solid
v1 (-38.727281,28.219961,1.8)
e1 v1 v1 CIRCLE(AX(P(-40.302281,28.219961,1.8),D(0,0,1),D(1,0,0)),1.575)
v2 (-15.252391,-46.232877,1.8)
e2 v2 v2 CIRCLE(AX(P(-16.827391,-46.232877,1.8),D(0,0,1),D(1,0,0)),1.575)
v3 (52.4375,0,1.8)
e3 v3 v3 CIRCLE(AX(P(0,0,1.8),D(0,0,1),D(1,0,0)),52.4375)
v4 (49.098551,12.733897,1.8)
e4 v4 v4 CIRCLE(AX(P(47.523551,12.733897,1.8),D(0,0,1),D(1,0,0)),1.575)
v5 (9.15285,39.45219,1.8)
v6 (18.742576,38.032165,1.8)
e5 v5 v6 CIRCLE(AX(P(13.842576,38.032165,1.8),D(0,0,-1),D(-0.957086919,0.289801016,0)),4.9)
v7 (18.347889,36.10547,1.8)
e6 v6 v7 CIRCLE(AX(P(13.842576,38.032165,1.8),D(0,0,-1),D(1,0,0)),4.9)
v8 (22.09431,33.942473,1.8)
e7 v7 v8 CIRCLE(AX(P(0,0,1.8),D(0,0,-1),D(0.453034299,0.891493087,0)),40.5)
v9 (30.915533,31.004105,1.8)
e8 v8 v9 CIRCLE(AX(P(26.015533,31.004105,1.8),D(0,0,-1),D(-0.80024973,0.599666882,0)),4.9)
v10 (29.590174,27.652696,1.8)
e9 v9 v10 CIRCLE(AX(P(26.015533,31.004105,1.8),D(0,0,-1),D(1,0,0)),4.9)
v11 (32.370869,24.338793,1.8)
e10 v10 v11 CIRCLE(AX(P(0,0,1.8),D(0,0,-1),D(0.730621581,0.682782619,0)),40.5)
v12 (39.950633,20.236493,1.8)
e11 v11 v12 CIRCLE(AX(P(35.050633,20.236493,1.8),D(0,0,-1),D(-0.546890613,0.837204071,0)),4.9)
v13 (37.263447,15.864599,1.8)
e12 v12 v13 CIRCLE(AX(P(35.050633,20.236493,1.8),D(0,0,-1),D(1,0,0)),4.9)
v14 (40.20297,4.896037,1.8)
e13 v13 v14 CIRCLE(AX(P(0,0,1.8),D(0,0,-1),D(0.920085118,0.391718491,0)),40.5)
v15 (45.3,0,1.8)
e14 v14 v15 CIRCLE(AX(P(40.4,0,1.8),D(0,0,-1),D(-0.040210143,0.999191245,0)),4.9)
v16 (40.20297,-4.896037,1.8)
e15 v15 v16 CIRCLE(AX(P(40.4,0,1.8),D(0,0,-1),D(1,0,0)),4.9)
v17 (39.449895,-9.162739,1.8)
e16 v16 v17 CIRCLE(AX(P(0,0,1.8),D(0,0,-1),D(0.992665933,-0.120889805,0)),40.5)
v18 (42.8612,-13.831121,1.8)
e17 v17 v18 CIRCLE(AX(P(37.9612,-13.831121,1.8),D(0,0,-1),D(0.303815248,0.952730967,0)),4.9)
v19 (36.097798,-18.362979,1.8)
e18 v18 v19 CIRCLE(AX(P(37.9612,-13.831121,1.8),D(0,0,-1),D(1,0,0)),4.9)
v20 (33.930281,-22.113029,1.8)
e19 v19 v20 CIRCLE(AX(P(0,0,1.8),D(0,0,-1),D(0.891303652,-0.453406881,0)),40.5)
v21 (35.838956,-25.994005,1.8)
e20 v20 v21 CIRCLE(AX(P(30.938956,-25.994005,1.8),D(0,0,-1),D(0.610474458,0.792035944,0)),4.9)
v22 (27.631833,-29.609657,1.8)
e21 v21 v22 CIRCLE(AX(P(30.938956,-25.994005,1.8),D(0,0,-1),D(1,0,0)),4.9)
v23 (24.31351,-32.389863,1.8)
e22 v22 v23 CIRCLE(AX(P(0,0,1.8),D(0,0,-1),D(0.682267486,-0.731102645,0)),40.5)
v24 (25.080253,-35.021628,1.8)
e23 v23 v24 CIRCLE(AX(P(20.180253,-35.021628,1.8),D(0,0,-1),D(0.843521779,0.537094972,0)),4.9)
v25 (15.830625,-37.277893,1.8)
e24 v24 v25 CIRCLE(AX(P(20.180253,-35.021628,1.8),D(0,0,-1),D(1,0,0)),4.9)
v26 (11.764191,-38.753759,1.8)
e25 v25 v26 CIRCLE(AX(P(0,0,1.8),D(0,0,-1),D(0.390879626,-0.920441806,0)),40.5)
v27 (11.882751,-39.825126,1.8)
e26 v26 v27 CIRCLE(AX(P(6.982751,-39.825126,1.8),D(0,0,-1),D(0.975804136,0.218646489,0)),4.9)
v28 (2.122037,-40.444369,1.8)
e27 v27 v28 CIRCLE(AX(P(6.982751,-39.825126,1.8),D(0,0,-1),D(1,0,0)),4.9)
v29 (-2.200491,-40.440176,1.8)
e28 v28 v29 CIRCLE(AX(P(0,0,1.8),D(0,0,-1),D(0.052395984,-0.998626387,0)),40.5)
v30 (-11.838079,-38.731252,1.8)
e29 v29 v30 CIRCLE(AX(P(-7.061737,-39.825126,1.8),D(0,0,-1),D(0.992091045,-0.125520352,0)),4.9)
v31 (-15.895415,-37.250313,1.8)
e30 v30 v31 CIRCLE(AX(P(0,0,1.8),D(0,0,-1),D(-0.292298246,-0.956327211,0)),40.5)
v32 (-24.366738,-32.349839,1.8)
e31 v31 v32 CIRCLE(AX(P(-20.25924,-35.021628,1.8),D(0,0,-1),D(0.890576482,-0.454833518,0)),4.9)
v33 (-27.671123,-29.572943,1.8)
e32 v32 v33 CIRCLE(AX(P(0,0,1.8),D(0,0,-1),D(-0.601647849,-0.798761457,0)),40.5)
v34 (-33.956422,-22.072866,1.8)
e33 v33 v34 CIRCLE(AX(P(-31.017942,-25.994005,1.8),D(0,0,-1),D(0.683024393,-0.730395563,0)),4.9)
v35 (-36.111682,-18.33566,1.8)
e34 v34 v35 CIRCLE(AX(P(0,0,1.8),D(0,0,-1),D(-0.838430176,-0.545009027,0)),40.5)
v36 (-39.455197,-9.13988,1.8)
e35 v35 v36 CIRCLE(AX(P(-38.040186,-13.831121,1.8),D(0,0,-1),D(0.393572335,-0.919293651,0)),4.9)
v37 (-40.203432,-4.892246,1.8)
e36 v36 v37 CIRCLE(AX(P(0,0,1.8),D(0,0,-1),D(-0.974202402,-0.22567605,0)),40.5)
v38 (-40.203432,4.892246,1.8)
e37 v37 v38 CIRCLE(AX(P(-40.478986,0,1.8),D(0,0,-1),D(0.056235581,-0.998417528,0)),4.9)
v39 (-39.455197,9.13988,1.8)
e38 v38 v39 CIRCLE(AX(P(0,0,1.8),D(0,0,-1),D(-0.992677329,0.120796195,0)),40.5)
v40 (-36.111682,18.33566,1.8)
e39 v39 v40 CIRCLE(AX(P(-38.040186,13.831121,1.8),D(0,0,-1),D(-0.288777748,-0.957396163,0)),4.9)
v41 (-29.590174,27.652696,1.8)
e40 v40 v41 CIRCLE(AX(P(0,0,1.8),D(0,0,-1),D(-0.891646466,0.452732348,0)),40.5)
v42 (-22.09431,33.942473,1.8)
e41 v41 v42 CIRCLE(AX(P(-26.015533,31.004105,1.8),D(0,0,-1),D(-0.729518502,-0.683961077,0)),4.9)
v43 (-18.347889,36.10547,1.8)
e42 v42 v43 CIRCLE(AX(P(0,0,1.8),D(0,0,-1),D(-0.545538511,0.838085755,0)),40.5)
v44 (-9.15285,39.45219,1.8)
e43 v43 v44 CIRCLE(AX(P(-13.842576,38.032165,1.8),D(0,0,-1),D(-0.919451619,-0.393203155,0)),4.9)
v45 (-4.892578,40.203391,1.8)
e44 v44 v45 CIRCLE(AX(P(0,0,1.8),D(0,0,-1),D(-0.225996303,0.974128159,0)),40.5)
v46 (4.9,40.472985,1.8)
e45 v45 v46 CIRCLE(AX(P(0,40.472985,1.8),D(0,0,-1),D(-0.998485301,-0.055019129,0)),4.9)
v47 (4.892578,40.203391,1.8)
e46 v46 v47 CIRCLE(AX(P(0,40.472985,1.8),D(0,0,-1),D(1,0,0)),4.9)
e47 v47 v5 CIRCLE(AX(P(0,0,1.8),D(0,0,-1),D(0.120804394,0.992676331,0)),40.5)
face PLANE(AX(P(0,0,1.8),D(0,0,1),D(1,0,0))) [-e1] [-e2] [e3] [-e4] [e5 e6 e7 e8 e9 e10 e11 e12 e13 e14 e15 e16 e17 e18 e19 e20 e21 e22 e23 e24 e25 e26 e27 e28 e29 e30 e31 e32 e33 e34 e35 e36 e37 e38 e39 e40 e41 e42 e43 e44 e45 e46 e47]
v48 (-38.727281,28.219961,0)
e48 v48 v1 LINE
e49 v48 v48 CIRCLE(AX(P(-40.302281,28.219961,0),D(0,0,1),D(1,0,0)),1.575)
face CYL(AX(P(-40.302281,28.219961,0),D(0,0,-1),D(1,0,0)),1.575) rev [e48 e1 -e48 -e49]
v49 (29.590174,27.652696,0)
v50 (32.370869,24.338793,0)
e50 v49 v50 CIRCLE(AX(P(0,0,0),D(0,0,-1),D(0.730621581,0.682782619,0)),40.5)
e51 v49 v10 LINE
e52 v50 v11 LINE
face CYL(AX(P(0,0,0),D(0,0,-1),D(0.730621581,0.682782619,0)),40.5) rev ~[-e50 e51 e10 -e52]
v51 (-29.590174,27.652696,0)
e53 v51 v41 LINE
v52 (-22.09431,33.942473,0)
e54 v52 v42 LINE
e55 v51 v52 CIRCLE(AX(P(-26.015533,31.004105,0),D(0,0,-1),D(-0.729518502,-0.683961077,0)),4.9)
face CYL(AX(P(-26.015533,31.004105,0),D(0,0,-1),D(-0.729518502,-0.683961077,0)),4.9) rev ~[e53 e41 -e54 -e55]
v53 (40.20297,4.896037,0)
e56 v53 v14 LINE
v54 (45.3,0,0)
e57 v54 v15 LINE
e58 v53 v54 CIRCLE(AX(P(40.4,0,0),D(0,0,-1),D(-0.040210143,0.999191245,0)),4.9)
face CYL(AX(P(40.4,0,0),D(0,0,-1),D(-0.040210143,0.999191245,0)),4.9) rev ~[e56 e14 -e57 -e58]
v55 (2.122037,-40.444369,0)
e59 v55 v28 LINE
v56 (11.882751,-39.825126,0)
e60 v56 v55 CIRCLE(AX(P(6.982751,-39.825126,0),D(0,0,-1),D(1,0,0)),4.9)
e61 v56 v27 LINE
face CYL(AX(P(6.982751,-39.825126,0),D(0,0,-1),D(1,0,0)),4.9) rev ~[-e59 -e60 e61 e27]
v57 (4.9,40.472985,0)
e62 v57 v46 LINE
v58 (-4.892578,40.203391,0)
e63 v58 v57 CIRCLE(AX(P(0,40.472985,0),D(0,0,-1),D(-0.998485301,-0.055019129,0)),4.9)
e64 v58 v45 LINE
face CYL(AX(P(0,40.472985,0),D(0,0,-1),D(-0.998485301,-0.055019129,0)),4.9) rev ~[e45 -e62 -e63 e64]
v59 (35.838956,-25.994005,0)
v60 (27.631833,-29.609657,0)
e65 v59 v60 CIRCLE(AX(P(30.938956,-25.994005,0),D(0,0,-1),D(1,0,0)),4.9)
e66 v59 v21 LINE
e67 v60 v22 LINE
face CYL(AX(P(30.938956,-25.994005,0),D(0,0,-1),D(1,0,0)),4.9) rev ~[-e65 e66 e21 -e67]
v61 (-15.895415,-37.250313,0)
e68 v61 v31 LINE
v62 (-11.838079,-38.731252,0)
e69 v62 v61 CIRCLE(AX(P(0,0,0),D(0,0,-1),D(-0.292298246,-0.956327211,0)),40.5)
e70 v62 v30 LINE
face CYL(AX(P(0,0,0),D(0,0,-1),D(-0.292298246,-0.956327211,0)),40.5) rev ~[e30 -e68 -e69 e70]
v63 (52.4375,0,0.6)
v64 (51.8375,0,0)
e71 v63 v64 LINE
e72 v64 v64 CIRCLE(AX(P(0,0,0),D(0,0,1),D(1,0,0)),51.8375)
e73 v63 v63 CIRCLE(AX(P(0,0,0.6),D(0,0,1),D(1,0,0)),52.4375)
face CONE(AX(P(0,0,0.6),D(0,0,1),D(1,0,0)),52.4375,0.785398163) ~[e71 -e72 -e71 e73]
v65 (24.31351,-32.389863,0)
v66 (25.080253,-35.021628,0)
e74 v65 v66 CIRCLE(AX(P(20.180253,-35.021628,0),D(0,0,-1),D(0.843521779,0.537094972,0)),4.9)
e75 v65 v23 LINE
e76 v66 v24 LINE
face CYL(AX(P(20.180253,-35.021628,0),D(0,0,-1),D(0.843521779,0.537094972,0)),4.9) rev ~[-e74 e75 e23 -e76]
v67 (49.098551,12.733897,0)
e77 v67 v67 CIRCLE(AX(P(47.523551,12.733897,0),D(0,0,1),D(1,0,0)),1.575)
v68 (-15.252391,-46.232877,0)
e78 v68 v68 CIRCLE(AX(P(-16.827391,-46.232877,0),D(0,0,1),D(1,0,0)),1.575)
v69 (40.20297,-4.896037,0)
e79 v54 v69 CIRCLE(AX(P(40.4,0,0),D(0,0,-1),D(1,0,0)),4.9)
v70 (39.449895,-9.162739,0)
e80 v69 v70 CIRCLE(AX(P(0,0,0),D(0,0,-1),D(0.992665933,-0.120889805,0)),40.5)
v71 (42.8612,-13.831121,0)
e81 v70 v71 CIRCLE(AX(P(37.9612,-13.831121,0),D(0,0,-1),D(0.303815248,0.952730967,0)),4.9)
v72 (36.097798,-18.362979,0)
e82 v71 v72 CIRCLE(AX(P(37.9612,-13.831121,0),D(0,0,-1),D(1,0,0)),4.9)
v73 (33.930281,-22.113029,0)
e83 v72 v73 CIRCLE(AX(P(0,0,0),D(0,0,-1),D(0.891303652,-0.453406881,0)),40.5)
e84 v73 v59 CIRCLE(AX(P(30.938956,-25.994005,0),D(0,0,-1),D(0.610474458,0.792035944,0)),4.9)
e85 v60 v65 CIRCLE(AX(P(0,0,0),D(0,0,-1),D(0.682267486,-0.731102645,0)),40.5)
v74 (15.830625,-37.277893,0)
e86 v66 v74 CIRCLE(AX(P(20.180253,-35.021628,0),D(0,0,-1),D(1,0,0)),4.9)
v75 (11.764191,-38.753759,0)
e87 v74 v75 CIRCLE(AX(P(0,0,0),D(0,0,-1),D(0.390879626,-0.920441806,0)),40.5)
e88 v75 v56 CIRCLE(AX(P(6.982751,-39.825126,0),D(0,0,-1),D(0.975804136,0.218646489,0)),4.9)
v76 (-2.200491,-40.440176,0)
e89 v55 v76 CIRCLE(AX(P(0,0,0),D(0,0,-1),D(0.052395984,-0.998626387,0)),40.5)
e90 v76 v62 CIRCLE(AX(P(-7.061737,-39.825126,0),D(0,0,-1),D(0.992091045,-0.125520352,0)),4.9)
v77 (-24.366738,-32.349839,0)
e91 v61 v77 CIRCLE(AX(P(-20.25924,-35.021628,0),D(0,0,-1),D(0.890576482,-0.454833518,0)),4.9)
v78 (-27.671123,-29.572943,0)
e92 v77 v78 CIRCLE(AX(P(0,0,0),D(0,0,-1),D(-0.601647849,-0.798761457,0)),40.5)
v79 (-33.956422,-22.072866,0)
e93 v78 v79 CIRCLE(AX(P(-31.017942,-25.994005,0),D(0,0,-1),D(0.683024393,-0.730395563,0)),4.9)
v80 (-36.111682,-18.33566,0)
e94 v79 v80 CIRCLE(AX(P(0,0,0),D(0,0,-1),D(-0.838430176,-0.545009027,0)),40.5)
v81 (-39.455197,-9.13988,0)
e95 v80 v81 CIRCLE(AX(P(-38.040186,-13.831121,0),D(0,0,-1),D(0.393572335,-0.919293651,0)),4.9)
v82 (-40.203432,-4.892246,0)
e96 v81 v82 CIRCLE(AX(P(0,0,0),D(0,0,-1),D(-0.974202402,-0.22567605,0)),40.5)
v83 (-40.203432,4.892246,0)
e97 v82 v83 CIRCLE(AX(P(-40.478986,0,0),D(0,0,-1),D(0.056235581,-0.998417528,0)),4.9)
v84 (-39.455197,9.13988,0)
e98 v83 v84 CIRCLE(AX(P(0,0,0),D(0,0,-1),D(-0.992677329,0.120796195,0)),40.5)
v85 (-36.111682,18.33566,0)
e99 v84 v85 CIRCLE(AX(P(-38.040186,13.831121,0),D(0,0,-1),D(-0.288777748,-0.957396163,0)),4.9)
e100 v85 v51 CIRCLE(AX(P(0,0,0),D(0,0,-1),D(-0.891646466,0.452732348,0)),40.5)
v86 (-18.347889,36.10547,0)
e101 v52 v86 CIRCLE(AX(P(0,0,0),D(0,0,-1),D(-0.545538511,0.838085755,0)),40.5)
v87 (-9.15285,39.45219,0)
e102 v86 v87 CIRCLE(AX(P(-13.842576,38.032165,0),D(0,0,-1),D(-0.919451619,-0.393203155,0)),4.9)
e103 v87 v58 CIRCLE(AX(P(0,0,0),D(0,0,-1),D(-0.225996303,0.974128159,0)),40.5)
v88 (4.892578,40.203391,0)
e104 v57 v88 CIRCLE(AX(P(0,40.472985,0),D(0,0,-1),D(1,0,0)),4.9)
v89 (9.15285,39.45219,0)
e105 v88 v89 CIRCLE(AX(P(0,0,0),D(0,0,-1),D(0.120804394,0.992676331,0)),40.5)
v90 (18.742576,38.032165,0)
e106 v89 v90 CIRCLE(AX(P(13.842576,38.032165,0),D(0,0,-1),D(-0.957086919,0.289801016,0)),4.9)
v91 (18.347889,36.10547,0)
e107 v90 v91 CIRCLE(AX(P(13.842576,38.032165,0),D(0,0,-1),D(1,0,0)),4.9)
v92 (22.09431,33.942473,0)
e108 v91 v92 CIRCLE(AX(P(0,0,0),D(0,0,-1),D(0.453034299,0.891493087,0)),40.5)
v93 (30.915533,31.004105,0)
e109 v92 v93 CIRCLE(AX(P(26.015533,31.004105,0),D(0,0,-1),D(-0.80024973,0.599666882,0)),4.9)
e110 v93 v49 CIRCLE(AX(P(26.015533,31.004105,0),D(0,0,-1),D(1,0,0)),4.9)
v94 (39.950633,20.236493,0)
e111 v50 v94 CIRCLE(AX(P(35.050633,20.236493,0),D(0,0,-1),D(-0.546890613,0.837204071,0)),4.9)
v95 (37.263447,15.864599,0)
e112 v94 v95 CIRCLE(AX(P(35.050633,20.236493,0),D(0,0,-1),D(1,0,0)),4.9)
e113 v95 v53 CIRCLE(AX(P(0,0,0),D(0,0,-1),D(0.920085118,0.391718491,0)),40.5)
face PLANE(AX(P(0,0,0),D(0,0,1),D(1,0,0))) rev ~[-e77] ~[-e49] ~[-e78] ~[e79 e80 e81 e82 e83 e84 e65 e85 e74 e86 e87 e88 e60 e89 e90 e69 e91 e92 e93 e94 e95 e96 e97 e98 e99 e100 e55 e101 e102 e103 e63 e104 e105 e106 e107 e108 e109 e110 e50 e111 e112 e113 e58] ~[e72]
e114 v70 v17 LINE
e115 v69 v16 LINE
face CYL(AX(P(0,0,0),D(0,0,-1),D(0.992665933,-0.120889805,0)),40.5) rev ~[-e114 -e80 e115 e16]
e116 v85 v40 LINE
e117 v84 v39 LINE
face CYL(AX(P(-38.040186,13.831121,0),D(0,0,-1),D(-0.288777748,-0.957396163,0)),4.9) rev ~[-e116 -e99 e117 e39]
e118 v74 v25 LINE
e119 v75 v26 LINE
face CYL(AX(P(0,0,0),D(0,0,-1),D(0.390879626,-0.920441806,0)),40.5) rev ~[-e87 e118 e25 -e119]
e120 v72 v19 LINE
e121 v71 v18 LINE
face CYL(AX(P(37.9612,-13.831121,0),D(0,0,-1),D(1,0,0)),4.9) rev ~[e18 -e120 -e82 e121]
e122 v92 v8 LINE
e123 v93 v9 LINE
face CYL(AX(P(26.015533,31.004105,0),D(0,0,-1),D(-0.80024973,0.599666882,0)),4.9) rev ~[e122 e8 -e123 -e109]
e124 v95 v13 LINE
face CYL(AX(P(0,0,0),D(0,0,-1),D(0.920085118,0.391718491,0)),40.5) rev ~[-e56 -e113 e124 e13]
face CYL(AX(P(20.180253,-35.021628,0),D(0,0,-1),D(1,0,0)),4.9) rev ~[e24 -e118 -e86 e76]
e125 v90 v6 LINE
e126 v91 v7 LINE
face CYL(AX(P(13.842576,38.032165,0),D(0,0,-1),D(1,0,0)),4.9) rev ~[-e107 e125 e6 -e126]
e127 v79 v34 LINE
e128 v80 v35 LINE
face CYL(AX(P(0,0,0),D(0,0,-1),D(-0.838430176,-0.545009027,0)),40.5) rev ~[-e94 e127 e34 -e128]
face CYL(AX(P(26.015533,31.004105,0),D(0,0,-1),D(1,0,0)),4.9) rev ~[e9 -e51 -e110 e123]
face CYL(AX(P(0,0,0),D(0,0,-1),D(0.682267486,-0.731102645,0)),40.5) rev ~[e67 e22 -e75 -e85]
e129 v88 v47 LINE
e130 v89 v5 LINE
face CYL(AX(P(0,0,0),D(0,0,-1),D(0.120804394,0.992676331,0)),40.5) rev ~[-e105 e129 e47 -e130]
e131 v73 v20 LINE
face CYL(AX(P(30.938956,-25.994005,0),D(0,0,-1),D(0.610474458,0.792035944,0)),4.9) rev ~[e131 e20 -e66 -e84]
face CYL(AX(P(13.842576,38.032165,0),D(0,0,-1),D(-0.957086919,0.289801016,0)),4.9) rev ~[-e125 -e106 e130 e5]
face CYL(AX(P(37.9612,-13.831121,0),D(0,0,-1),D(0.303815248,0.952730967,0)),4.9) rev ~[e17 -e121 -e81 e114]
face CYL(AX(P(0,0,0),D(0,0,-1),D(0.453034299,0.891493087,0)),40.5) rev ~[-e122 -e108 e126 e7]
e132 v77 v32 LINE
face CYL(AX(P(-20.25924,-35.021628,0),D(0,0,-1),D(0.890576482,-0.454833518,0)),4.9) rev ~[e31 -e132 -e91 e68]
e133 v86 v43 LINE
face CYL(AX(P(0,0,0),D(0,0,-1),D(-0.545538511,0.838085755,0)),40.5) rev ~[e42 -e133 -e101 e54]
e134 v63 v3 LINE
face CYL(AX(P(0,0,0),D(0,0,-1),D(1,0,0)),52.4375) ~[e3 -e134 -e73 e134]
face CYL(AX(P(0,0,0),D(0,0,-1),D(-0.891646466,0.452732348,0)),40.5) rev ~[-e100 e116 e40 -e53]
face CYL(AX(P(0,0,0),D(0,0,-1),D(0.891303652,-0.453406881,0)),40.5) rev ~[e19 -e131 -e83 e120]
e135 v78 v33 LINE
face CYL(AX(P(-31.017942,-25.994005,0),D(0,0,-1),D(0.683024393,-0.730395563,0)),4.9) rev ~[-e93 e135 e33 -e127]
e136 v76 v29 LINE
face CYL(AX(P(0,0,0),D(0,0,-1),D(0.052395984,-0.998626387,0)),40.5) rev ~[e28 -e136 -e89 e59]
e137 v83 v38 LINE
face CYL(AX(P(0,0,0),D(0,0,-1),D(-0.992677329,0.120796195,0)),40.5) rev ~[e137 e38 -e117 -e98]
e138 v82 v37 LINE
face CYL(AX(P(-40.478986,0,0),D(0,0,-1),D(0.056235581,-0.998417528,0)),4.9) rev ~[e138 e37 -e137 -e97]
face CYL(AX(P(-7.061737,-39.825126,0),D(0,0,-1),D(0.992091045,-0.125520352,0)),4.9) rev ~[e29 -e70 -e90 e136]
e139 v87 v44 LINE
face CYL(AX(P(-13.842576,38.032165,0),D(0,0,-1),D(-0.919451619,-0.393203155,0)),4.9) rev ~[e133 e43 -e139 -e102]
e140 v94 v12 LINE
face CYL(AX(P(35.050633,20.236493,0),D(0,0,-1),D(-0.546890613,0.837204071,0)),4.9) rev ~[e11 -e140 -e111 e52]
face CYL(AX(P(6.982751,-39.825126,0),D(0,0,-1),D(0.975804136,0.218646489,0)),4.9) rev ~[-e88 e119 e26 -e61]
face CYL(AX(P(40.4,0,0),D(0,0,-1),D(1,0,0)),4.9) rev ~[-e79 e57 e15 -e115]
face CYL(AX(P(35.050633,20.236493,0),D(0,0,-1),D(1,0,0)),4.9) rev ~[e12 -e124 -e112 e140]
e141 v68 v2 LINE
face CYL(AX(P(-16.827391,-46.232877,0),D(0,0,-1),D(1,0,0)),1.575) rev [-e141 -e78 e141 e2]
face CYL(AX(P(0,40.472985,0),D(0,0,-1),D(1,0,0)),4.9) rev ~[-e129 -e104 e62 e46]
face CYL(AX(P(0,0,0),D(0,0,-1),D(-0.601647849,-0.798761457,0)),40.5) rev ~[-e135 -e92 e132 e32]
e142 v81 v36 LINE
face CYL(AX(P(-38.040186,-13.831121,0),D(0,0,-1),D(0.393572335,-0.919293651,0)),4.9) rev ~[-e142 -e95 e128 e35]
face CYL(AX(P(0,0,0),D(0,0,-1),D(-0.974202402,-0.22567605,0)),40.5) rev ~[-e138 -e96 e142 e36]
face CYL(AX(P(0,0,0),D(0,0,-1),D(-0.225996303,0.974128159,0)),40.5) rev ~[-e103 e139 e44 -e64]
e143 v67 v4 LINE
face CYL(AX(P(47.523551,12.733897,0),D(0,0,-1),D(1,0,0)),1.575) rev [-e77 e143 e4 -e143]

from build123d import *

# Parameters (mm, degrees)
F0_R     = 17.4791666667
F0_R_2   = 0.525
F1_DEPTH = 0.6
F2_SIZE  = 0.2
F3_SCALE = 3


with BuildPart() as f1:
    # F0 (on Top) → F1 (new body)
    with BuildSketch(Plane.XY):
        Circle(F0_R)
        with Locations((-5.6091303505, -15.4109589809)):
            Circle(F0_R_2, mode=Mode.SUBTRACT)
        with BuildLine():
            ThreePointArc((12.4211490883, 5.28819963), (13.0398483265, 3.494618094), (13.400990099, 1.6320123671))
            ThreePointArc((13.400990099, 1.6320123671), (14.5981493335, 1.1779324057), (15.1, 0))
            ThreePointArc((15.1, 0), (14.5981493335, -1.1779324057), (13.400990099, -1.6320123671))
            ThreePointArc((13.400990099, -1.6320123671), (13.2945098091, -2.3464886393), (13.1499649563, -3.0542464943))
            ThreePointArc((13.1499649563, -3.0542464943), (13.9724997299, -3.6467176264), (14.2870667184, -4.6103737402))
            ThreePointArc((14.2870667184, -4.6103737402), (13.5629249977, -5.9672629728), (12.0325993029, -6.1209928947))
            ThreePointArc((12.0325993029, -6.1209928947), (11.6880692654, -6.7556670173), (11.3100935731, -7.3710096574))
            ThreePointArc((11.3100935731, -7.3710096574), (11.7786571464, -7.9438467562), (11.9463186252, -8.6646683655))
            ThreePointArc((11.9463186252, -8.6646683655), (10.9714810033, -10.1593794332), (9.210611063, -9.8698857058))
            ThreePointArc((9.210611063, -9.8698857058), (8.6699484839, -10.3480429689), (8.1045033915, -10.7966209889))
            ThreePointArc((8.1045033915, -10.7966209889), (8.2948880144, -11.2170122777), (8.3600844859, -11.6738761091))
            ThreePointArc((8.3600844859, -11.6738761091), (7.1138213291, -13.2606824792), (5.2768749477, -12.4259643806))
            ThreePointArc((5.2768749477, -12.4259643806), (4.6057092155, -12.6900529007), (3.9213971545, -12.9179195057))
            ThreePointArc((3.9213971545, -12.9179195057), (3.9510070235, -13.0953907943), (3.9609170652, -13.2750421058))
            ThreePointArc((3.9609170652, -13.2750421058), (2.4309982831, -14.9050983037), (0.7073457896, -13.4814562245))
            ThreePointArc((0.7073457896, -13.4814562245), (-0.0130943041, -13.4999936496), (-0.7334970815, -13.4800586806))
            ThreePointArc((-0.7334970815, -13.4800586806), (-2.6390844274, -14.8832879588), (-3.9460263226, -12.9104173543))
            ThreePointArc((-3.9460263226, -12.9104173543), (-4.6288343322, -12.6816360429), (-5.2984716212, -12.4167708555))
            ThreePointArc((-5.2984716212, -12.4167708555), (-7.5709419973, -13.0876933984), (-8.1222459609, -10.783279675))
            ThreePointArc((-8.1222459609, -10.783279675), (-8.6853165754, -10.3351476034), (-9.2237075057, -9.8576477848))
            ThreePointArc((-9.2237075057, -9.8576477848), (-11.5911782598, -9.713769738), (-11.3188073747, -7.3576218723))
            ThreePointArc((-11.3188073747, -7.3576218723), (-11.6946164061, -6.744327032), (-12.0372272938, -6.1118867037))
            ThreePointArc((-12.0372272938, -6.1118867037), (-14.2150797243, -5.168494422), (-13.1517324298, -3.0466266746))
            ThreePointArc((-13.1517324298, -3.0466266746), (-13.2952994905, -2.3420101316), (-13.4011439404, -1.6307486284))
            ThreePointArc((-13.4011439404, -1.6307486284), (-15.1263287229, 0), (-13.4011439404, 1.6307486284))
            ThreePointArc((-13.4011439404, 1.6307486284), (-13.2952994905, 2.3420101316), (-13.1517324298, 3.0466266746))
            ThreePointArc((-13.1517324298, 3.0466266746), (-14.2150797243, 5.168494422), (-12.0372272938, 6.1118867037))
            ThreePointArc((-12.0372272938, 6.1118867037), (-11.0598636595, 7.7414091633), (-9.8633913446, 9.217565361))
            ThreePointArc((-9.8633913446, 9.217565361), (-9.7217308873, 11.5859077112), (-7.3647698988, 11.3141576946))
            ThreePointArc((-7.3647698988, 11.3141576946), (-6.75, 11.6913429511), (-6.1159630365, 12.0351566727))
            ThreePointArc((-6.1159630365, 12.0351566727), (-5.1728249601, 14.2122197728), (-3.0509500914, 13.1507301523))
            ThreePointArc((-3.0509500914, 13.1507301523), (-2.3442503985, 13.2949046657), (-1.6308593243, 13.4011304696))
            ThreePointArc((-1.6308593243, 13.4011304696), (-0.0449493128, 15.1237097603), (1.6333333333, 13.4909950464))
            ThreePointArc((1.6333333333, 13.4909950464), (1.6327147139, 13.4460457336), (1.6308593243, 13.4011304696))
            ThreePointArc((1.6308593243, 13.4011304696), (2.3442503985, 13.2949046657), (3.0509500914, 13.1507301523))
            ThreePointArc((3.0509500914, 13.1507301523), (4.8534435624, 14.2931039672), (6.2475253927, 12.6773884922))
            ThreePointArc((6.2475253927, 12.6773884922), (6.2142968019, 12.3496041257), (6.1159630365, 12.0351566727))
            ThreePointArc((6.1159630365, 12.0351566727), (6.75, 11.6913429511), (7.3647698988, 11.3141576946))
            ThreePointArc((7.3647698988, 11.3141576946), (9.1880272411, 11.8843253264), (10.3051777915, 10.3347017875))
            ThreePointArc((10.3051777915, 10.3347017875), (10.1907208563, 9.7340419295), (9.8633913446, 9.217565361))
            ThreePointArc((9.8633913446, 9.217565361), (10.3415999821, 8.6776327308), (10.790289764, 8.1129308397))
            ThreePointArc((10.790289764, 8.1129308397), (12.4609745427, 8.181944599), (13.3168777659, 6.7454975232))
            ThreePointArc((13.3168777659, 6.7454975232), (13.0750421955, 5.8902129195), (12.4211490883, 5.28819963))
        make_face(mode=Mode.SUBTRACT)
        with Locations((-13.4340935263, 9.4066535562)):
            Circle(F0_R_2, mode=Mode.SUBTRACT)
        with Locations((15.8411835511, 4.2446323397)):
            Circle(F0_R_2, mode=Mode.SUBTRACT)
    extrude(amount=F1_DEPTH)

    # F2
    f2_edges = [f1.edges().sort_by_distance(p)[0] for p in [
        (-17.479167, 0, 0),
    ]]
    chamfer(f2_edges, length=F2_SIZE)


with BuildPart() as f1_1:
    # F3: moved
    add(f1.part.scale(F3_SCALE))


solid = f1_1.part
